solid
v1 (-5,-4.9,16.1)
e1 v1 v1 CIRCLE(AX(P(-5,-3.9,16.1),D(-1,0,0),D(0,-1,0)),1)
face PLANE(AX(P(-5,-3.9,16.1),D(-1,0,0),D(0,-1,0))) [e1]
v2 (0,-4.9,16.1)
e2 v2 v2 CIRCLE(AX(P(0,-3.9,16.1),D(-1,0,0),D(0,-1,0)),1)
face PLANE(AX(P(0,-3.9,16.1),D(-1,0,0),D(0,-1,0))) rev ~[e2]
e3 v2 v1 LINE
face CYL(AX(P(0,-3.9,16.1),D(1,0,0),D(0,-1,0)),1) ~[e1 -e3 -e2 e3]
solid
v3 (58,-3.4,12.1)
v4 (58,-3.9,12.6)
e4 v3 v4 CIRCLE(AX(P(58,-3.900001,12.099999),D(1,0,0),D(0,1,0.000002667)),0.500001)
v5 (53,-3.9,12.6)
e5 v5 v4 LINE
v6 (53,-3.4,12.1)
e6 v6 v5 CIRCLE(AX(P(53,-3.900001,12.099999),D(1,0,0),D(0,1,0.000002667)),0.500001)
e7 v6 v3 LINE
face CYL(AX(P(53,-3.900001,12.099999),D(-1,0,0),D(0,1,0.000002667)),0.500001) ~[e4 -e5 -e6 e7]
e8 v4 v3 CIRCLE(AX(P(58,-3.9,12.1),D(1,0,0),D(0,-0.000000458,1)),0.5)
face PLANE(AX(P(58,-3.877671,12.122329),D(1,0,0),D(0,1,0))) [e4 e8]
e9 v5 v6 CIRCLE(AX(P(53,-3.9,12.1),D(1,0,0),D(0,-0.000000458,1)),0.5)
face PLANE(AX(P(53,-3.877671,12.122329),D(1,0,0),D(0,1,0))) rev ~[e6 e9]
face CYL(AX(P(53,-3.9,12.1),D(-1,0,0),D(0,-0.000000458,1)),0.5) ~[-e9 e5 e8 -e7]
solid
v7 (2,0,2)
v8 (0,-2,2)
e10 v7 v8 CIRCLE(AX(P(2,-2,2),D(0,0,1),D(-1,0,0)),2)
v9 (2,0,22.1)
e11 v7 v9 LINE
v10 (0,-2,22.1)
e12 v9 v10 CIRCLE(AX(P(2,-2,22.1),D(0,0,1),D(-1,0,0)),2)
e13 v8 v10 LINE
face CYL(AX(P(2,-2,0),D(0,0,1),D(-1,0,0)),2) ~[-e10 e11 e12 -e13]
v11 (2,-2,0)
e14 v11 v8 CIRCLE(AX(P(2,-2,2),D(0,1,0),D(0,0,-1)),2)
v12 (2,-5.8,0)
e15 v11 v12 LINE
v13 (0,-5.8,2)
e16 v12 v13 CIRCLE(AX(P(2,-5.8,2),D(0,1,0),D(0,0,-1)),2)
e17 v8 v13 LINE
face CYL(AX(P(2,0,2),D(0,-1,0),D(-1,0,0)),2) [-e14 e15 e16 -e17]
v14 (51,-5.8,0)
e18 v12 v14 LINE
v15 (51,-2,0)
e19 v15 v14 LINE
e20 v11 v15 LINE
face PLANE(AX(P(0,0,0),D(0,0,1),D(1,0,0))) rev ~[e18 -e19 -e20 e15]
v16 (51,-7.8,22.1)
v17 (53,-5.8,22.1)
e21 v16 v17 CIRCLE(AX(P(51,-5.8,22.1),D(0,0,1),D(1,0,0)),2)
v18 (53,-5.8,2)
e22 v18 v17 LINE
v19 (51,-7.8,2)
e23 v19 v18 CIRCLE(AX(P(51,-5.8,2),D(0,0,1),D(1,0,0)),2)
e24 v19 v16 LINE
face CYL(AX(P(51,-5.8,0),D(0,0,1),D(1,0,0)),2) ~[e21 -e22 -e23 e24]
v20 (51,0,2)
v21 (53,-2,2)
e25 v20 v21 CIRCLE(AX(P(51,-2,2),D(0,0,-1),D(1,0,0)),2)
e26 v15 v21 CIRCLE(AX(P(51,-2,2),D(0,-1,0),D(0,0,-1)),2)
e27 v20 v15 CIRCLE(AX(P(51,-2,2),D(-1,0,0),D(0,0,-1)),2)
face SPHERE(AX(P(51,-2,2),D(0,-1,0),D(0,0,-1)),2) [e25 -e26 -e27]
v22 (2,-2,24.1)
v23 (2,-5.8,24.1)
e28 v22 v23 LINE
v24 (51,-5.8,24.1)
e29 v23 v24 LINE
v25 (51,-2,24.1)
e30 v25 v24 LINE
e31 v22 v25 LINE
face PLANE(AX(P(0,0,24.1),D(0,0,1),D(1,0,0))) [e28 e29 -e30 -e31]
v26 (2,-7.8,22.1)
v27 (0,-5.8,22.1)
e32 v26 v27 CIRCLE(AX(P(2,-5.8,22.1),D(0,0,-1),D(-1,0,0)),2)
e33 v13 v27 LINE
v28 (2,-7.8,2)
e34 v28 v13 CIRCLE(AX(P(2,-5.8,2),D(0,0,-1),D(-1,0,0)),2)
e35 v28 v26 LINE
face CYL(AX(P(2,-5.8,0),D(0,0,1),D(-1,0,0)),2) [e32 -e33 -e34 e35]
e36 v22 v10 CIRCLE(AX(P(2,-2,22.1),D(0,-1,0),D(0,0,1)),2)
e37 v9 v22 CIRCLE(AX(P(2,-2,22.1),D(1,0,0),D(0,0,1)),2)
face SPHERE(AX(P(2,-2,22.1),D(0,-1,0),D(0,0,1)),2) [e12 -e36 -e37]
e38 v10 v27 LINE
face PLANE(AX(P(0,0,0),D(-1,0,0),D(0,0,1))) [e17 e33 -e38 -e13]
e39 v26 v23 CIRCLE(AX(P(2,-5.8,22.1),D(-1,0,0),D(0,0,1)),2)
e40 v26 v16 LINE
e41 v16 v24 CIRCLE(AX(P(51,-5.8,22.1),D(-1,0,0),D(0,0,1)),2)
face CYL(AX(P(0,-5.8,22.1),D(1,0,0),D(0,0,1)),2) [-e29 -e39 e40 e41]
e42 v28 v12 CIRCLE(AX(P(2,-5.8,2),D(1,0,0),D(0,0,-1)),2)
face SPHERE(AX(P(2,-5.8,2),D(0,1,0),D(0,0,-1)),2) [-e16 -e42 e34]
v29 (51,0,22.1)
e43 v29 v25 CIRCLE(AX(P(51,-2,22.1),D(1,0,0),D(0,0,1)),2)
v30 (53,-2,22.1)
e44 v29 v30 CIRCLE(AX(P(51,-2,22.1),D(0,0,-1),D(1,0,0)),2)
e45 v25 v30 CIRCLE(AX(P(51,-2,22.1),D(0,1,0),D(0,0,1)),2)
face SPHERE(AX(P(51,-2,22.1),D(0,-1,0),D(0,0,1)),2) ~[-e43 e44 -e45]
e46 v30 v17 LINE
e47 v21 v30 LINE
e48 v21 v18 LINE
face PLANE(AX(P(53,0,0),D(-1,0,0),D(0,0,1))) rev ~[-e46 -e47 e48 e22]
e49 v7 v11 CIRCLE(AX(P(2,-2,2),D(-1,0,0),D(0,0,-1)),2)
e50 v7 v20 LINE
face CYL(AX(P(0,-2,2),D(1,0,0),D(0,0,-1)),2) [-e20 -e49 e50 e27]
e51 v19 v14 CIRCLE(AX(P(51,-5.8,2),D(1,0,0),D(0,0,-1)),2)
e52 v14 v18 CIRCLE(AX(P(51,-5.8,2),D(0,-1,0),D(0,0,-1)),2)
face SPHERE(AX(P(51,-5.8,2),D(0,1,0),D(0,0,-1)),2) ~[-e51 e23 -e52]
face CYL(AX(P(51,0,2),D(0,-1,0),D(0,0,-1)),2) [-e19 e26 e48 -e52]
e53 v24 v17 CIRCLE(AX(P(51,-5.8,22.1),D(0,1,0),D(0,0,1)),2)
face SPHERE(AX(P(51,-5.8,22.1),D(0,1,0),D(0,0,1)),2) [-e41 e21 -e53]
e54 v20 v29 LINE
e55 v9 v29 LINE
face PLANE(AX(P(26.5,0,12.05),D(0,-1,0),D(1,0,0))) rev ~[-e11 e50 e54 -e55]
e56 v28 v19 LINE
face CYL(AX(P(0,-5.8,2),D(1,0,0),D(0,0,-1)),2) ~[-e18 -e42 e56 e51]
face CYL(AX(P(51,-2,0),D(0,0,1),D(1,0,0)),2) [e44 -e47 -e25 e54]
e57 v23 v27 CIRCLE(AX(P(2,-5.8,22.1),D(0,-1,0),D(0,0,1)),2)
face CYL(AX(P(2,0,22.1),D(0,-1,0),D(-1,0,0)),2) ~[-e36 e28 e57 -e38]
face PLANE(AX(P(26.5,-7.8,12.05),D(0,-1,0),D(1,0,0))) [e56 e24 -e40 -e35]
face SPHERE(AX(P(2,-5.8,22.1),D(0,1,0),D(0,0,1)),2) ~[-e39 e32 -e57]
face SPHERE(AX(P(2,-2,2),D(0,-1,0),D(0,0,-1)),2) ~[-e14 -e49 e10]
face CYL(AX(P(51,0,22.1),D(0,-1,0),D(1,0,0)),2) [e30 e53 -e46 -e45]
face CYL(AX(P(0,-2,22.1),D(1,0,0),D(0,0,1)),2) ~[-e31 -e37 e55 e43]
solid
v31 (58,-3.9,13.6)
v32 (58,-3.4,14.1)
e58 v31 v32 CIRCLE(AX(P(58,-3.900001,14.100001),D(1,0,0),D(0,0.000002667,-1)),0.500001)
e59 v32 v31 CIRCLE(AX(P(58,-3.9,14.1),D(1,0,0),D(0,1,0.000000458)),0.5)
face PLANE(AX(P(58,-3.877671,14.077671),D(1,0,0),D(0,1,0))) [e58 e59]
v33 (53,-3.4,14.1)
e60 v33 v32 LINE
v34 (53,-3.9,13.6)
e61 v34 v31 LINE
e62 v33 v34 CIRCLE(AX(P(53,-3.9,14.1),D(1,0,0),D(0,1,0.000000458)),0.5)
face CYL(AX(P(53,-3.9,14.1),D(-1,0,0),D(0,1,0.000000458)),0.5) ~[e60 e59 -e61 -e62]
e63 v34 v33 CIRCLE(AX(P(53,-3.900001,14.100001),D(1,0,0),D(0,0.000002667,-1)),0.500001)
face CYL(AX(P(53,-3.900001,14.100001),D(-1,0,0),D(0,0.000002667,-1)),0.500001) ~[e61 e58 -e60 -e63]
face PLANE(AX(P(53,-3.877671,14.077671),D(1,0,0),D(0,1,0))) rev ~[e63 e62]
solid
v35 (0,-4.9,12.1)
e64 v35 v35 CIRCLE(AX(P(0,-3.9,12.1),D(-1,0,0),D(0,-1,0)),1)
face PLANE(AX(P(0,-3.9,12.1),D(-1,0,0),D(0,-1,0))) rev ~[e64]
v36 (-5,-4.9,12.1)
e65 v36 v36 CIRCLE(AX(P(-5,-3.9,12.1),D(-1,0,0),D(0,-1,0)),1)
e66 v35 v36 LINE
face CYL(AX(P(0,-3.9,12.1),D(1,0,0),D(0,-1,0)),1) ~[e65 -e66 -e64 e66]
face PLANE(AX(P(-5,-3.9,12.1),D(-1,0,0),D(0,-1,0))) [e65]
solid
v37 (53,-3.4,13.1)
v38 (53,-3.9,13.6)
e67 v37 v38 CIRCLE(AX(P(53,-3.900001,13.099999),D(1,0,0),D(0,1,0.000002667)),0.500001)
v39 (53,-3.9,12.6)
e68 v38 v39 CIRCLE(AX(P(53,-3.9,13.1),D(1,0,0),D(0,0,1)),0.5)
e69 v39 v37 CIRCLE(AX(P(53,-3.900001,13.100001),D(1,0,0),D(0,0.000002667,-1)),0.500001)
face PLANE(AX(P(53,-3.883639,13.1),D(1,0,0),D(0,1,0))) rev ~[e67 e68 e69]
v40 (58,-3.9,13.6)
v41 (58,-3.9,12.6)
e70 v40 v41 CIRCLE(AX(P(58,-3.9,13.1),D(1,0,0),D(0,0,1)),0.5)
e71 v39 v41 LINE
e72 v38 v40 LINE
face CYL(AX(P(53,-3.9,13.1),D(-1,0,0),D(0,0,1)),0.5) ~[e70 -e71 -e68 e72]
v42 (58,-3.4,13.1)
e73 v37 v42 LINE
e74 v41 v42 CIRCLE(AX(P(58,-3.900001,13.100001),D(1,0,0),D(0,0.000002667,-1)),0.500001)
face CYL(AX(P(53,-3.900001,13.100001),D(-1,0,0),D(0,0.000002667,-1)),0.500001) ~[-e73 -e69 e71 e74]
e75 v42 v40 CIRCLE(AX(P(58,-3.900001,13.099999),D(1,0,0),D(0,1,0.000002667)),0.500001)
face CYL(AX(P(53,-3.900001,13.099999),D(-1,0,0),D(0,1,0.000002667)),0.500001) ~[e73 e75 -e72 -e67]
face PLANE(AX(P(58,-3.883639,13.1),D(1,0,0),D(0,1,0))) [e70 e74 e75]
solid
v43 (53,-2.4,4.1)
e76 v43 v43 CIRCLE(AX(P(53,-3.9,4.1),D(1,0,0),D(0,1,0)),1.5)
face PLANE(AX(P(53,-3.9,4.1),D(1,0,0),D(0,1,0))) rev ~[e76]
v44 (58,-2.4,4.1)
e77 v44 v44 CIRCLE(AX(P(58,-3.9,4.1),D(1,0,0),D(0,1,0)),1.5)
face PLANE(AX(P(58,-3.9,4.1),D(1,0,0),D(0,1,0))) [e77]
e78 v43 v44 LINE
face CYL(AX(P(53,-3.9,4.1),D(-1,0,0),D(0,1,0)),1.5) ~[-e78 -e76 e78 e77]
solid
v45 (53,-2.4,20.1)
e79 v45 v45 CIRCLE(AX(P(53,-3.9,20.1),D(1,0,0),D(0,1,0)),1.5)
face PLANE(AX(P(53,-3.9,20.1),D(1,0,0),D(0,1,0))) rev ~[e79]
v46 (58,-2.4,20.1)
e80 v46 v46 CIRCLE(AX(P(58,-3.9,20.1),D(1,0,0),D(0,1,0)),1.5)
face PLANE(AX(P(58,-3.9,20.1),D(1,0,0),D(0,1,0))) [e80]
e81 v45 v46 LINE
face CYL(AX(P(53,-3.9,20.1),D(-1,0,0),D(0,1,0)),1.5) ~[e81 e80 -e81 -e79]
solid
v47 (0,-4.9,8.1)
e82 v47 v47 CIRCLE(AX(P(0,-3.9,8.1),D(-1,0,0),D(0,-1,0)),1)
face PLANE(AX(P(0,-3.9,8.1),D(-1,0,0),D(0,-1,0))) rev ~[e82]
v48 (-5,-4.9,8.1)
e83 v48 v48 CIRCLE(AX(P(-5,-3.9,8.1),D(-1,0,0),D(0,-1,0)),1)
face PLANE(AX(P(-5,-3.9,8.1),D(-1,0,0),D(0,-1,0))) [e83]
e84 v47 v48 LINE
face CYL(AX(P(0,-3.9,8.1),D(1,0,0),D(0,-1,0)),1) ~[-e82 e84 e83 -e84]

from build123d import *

# Parameters (mm, degrees)
F0_W     = 53
F0_H     = 24.1
F1_DEPTH = 7.8
F2_R     = 2
F3_R     = 1
F4_DEPTH = 5
F5_R     = 1.5
F6_DEPTH = 5


with BuildPart() as f1:
    # F0 (on Front) → F1 (new body)
    with BuildSketch(Plane.XZ):
        with Locations((26.5, 12.05)):
            Rectangle(F0_W, F0_H)
    extrude(amount=F1_DEPTH)

    # F2
    f2_edges = [f1.edges().sort_by_distance(p)[0] for p in [
        (53, -3.9, 0),
        (0, -3.9, 24.1),
        (53, -3.9, 24.1),
        (0, -3.9, 0),
        (26.5, 0, 0),
        (26.5, -7.8, 0),
        (26.5, 0, 24.1),
        (26.5, -7.8, 24.1),
        (0, 0, 12.05),
        (0, -7.8, 12.05),
        (53, 0, 12.05),
        (53, -7.8, 12.05),
    ]]
    fillet(f2_edges, radius=F2_R)


with BuildPart() as f4:
    # F3 (on face) → F4 (new body)
    with BuildSketch(Plane(origin=(0, 0, 0), x_dir=(0, -1, 0), z_dir=(-1, 0, 0))):
        with Locations((3.9, 16.1)):
            Circle(F3_R)
        with Locations((3.9, 12.1)):
            Circle(F3_R)
        with Locations((3.9, 8.1)):
            Circle(F3_R)
    extrude(amount=F4_DEPTH)


with BuildPart() as f6:
    # F5 (on face) → F6 (new body)
    with BuildSketch(Plane.YZ.offset(53)):
        with Locations((-3.9, 20.1)):
            Circle(F5_R)
        with BuildLine():
            ThreePointArc((-3.9, 13.6), (-3.546447, 13.746447), (-3.4, 14.1))
            ThreePointArc((-3.4, 14.1), (-4.253553, 14.453553), (-3.9, 13.6))
        make_face()
        with BuildLine():
            ThreePointArc((-3.4, 13.1), (-3.546447, 13.453553), (-3.9, 13.6))
            ThreePointArc((-3.9, 13.6), (-4.4, 13.1), (-3.9, 12.6))
            ThreePointArc((-3.9, 12.6), (-3.546447, 12.746447), (-3.4, 13.1))
        make_face()
        with BuildLine():
            ThreePointArc((-3.4, 12.1), (-3.546447, 12.453553), (-3.9, 12.6))
            ThreePointArc((-3.9, 12.6), (-4.253553, 11.746447), (-3.4, 12.1))
        make_face()
        with Locations((-3.9, 4.1)):
            Circle(F5_R)
    extrude(amount=F6_DEPTH)


solid = Compound([f1.part, f4.part, f6.part])
